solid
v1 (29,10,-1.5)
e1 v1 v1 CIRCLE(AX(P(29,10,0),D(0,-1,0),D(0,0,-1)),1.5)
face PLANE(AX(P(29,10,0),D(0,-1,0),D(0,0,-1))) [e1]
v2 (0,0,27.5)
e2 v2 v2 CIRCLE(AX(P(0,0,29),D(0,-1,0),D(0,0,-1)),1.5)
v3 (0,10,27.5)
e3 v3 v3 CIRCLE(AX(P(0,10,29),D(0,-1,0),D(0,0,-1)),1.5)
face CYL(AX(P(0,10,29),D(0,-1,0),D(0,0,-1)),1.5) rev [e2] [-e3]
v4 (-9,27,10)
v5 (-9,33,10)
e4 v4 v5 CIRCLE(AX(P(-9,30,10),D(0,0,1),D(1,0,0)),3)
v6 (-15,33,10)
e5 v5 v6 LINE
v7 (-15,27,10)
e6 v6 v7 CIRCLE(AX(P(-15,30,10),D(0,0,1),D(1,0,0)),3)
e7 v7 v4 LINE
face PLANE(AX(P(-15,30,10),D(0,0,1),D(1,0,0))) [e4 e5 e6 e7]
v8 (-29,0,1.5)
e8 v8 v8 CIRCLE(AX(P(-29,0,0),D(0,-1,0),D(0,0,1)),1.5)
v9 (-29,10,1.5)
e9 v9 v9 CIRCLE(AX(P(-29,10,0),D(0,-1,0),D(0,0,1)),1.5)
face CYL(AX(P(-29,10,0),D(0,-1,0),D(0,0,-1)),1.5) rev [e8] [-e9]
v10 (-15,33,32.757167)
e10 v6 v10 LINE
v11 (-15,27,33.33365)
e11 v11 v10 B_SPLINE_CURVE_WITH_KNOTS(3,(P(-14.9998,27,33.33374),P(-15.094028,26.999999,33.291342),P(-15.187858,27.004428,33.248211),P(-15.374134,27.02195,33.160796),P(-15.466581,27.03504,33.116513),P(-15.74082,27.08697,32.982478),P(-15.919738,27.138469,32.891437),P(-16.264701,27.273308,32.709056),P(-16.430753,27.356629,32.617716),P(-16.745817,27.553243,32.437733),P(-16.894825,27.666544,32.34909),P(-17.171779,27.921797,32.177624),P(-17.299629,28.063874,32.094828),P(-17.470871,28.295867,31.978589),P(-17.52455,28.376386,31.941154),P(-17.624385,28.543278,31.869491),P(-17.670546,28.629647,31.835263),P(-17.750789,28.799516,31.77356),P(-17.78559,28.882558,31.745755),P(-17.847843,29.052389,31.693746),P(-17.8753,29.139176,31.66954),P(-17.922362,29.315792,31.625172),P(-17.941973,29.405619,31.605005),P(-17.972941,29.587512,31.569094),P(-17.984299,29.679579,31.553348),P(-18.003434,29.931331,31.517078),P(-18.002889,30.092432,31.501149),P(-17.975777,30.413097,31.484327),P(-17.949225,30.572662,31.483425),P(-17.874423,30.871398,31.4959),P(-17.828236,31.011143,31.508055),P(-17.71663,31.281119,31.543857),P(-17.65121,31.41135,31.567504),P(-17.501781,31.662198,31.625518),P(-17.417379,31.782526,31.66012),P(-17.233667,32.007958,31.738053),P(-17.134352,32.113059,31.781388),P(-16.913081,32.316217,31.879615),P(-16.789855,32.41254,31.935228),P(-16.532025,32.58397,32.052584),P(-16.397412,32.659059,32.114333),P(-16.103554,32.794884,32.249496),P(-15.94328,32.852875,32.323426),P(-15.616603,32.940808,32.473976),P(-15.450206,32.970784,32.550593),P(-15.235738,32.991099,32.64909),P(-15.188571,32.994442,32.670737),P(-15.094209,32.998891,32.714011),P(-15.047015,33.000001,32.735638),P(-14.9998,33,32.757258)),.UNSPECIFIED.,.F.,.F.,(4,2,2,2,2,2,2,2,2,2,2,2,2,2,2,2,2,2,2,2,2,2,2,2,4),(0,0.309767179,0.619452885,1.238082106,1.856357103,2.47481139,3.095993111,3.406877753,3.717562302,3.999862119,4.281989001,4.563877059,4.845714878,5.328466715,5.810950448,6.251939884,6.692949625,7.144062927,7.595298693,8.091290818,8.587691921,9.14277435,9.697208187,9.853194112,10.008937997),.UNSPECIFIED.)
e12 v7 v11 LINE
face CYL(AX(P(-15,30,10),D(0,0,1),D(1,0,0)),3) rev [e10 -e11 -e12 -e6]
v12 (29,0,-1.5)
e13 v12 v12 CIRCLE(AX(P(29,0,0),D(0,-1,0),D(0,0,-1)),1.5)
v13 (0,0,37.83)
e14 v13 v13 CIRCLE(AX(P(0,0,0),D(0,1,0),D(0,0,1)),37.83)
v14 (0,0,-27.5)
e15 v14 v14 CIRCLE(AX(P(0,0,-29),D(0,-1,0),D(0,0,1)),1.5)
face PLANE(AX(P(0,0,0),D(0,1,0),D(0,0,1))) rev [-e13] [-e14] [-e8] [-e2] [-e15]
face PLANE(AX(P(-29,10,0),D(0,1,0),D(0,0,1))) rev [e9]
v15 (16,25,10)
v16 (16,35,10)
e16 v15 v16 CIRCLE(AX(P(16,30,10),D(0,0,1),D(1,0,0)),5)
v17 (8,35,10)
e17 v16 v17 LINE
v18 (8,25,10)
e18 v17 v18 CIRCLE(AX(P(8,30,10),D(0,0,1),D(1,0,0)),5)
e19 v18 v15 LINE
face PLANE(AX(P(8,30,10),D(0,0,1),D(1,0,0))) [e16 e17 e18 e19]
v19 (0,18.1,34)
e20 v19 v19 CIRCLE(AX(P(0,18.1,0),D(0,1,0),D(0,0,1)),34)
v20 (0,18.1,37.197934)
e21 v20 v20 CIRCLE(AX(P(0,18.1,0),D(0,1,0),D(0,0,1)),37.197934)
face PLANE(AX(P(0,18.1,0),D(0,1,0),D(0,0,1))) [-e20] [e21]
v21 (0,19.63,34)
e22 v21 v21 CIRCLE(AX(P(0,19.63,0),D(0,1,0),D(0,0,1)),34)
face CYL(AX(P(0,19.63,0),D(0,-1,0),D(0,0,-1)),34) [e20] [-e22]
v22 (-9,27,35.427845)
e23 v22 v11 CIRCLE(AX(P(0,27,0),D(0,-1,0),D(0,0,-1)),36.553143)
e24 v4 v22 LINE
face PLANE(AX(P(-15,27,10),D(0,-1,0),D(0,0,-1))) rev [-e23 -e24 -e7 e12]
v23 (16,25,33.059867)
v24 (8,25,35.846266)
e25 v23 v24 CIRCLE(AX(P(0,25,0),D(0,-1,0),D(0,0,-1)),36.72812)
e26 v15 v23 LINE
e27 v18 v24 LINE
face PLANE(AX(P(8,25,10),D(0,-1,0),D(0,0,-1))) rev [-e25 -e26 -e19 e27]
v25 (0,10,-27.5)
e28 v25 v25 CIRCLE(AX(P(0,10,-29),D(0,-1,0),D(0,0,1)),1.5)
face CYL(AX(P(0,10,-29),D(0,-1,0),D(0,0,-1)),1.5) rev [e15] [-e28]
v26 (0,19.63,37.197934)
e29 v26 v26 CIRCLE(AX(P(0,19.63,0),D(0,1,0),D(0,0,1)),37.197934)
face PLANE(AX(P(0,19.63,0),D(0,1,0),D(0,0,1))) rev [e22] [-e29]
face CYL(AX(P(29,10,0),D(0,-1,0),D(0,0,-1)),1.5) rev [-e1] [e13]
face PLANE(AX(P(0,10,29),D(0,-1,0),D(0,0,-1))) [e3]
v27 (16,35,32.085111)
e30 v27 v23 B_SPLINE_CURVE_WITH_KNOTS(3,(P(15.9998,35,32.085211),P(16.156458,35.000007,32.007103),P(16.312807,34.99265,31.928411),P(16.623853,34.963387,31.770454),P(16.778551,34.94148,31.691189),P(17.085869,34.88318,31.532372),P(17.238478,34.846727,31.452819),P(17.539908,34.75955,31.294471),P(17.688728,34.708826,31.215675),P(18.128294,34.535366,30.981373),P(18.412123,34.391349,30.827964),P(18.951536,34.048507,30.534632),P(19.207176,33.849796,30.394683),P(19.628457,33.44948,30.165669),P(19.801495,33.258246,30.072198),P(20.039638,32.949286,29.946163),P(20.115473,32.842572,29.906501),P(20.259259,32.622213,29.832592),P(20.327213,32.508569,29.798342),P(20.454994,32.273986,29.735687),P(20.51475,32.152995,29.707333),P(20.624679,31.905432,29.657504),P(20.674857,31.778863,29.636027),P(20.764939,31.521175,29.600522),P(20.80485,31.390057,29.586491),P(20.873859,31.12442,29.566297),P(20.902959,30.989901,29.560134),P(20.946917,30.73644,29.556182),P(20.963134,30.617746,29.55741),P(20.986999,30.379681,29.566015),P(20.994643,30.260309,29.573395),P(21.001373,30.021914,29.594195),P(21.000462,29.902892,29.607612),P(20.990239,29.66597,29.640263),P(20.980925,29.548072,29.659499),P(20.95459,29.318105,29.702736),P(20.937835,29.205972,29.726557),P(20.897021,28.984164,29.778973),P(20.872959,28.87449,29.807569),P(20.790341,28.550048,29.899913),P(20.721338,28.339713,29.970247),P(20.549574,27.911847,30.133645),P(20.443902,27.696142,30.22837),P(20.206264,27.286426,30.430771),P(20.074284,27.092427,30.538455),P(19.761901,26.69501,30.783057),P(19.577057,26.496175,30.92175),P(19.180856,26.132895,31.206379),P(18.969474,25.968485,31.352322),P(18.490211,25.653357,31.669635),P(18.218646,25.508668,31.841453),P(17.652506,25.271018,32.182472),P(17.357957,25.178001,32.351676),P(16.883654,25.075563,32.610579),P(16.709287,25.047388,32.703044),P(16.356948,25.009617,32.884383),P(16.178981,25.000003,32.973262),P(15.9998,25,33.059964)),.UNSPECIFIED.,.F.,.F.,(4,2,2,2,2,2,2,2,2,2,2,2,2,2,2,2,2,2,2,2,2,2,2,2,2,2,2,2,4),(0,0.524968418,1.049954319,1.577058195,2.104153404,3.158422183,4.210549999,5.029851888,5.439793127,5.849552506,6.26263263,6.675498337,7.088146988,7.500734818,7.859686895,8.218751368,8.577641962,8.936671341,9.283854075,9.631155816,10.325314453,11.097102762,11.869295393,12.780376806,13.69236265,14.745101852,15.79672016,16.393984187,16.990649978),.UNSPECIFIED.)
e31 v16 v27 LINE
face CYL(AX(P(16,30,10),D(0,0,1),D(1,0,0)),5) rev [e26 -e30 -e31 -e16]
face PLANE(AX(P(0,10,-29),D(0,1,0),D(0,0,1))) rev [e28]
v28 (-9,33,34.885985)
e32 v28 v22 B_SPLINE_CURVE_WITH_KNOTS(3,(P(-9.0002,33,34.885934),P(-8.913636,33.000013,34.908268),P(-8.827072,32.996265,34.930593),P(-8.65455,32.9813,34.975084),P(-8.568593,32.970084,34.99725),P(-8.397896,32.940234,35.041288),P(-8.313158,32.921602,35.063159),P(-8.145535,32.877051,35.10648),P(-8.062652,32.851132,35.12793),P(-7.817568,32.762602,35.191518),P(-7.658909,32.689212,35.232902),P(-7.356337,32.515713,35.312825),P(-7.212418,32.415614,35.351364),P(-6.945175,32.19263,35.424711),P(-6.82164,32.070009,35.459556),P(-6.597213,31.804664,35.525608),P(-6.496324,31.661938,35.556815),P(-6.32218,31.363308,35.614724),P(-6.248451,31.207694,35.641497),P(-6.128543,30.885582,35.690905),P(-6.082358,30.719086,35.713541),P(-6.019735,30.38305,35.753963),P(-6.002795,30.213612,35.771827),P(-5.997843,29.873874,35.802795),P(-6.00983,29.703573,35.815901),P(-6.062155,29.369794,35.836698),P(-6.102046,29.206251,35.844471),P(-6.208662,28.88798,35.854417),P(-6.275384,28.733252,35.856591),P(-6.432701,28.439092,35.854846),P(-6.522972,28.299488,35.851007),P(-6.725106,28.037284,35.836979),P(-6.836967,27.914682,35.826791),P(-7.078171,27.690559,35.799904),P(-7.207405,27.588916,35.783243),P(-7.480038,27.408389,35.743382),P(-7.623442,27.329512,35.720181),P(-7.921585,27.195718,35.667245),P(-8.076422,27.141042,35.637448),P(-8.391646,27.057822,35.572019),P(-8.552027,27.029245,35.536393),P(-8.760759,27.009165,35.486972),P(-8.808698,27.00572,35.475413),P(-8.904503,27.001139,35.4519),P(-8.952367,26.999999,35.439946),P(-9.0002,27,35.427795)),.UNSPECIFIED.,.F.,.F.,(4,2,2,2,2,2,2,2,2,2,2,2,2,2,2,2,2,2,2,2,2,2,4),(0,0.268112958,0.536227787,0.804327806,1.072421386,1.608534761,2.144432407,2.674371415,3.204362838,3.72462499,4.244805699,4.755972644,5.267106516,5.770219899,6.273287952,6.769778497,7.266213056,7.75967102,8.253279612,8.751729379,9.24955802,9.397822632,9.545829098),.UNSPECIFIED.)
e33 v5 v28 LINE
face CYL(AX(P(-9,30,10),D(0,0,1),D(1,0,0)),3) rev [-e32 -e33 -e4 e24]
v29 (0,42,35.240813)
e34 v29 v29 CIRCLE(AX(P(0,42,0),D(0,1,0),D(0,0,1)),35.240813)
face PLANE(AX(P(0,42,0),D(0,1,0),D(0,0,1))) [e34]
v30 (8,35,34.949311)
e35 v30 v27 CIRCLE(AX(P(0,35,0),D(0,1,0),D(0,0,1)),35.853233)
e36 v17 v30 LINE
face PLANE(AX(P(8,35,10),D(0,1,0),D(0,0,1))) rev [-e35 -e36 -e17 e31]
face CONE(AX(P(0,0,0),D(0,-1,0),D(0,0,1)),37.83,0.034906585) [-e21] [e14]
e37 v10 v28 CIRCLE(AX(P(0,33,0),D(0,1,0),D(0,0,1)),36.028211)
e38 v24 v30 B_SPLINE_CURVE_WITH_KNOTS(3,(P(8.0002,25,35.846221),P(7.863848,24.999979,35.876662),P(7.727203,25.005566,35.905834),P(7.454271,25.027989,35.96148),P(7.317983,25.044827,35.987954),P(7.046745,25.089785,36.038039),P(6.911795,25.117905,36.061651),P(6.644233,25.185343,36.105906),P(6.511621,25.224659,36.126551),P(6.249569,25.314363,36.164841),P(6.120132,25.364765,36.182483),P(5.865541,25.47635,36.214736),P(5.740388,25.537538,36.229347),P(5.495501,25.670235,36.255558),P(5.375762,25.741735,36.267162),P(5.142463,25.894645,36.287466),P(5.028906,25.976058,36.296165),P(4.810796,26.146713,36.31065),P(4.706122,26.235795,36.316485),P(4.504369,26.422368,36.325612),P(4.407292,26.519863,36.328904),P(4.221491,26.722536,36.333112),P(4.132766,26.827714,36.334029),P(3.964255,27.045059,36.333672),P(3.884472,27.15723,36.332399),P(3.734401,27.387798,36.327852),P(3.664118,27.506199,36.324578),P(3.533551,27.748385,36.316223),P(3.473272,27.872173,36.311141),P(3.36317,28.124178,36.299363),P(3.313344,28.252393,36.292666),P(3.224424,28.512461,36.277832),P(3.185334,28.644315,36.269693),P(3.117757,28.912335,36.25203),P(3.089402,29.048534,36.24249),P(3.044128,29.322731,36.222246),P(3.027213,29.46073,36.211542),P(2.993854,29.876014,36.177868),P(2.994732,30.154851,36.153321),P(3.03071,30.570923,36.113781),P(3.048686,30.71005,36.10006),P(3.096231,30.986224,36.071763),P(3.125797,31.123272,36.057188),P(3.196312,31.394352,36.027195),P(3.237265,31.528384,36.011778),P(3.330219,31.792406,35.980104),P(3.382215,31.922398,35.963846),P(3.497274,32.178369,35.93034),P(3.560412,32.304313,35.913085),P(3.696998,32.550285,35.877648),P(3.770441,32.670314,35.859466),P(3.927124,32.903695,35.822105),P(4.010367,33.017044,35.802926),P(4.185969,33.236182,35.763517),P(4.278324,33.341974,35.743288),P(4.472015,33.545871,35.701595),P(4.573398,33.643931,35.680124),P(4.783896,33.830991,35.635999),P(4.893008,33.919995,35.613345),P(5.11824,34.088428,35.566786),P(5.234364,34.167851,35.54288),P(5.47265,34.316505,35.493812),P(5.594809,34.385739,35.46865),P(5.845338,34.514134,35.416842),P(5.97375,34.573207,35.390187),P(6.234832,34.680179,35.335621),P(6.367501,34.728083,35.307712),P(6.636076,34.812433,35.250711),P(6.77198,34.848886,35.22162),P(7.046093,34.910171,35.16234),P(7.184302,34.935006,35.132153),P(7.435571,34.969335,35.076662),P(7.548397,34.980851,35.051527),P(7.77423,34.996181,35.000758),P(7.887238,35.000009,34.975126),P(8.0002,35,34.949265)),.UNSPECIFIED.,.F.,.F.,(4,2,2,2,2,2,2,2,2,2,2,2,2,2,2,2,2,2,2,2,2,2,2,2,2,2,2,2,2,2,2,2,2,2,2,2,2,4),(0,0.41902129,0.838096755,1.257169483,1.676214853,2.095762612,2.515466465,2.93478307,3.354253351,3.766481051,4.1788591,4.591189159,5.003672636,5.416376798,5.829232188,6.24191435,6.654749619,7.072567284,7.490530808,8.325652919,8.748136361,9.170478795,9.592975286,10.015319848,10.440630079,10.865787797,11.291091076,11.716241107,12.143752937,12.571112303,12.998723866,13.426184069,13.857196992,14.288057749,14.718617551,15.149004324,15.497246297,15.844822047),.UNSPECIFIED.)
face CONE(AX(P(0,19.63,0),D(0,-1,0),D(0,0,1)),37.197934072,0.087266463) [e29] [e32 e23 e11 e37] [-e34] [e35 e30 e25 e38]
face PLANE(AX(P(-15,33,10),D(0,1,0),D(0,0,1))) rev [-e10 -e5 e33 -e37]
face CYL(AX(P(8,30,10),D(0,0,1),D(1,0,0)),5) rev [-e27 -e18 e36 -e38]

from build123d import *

# Parameters (mm, degrees)
SKETCH_1_R          = 37.83
EXTRUDE_1_DEPTH     = 18.1
DRAFT_1_ANGLE       = -2
SKETCH_3_R          = 34
EXTRUDE_2_DEPTH     = 1.53
SKETCH_4_R          = 37.197934072
EXTRUDE_3_DEPTH     = 22.37
DRAFT_2_ANGLE       = -5
SKETCH_5_R          = 1.5
CUT_EXTRUDE_1_DEPTH = 10
CUT_EXTRUDE_2_DEPTH = 30


with BuildPart() as part:
    # 草图1 → 凸台-拉伸1 (new body)
    with BuildSketch(Plane(origin=(0, 0, 0), x_dir=(1, 0, 0), z_dir=(0, 1, 0))):
        with Locations(Location((0, 0, 0), (0, 0, 90))):
            Circle(SKETCH_1_R)
    extrude(amount=EXTRUDE_1_DEPTH)

    # 拔模1
    draft_1_faces = [part.faces().sort_by_distance(p)[0] for p in [
        (0, 9.05, 37.83),
    ]]
    draft(draft_1_faces, Plane(origin=(0, 0, 0), x_dir=(0, 0, -1), z_dir=(0, -1, 0)), DRAFT_1_ANGLE)

    # 草图3 → 凸台-拉伸2 (add)
    with BuildSketch(Plane(origin=(0, 18.1, 0), x_dir=(1, 0, 0), z_dir=(0, 1, 0))):
        with Locations(Location((0, 0, 0), (0, 0, 270))):
            Circle(SKETCH_3_R)
    extrude(amount=EXTRUDE_2_DEPTH)

    # 草图4 → 凸台-拉伸3 (add)
    with BuildSketch(Plane(origin=(0, 19.63, 0), x_dir=(1, 0, 0), z_dir=(0, 1, 0))):
        with Locations(Location((0, 0, 0), (0, 0, 270))):
            Circle(SKETCH_4_R)
    extrude(amount=EXTRUDE_3_DEPTH)

    # 拔模2
    draft_2_faces = [part.faces().sort_by_distance(p)[0] for p in [
        (0, 30.815, -37.197934072),
    ]]
    draft(draft_2_faces, Plane(origin=(0, 19.63, 0), x_dir=(0, 0, -1), z_dir=(0, -1, 0)), DRAFT_2_ANGLE)

    # 草图5 → 切除-拉伸1 (cut)
    with BuildSketch(Plane.XZ):
        with Locations(Location((29, 0, 0), (0, 0, 270))):
            Circle(SKETCH_5_R)
        with Locations(Location((-29, 0, 0), (0, 0, 90))):
            Circle(SKETCH_5_R)
        with Locations(Location((0, 29, 0), (0, 0, 270))):
            Circle(SKETCH_5_R)
        with Locations(Location((0, -29, 0), (0, 0, 90))):
            Circle(SKETCH_5_R)
    extrude(amount=-CUT_EXTRUDE_1_DEPTH, mode=Mode.SUBTRACT)

    # 草图6 → 切除-拉伸2 (cut)
    with BuildSketch(Plane.XY.offset(40)):
        with BuildLine():
            Line((8, 35), (16, 35))
            ThreePointArc((16, 35), (21, 30), (16, 25))
            Line((16, 25), (8, 25))
            ThreePointArc((8, 25), (3, 30), (8, 35))
        make_face()
        with BuildLine():
            Line((-15, 33), (-9, 33))
            ThreePointArc((-9, 33), (-6, 30), (-9, 27))
            Line((-9, 27), (-15, 27))
            ThreePointArc((-15, 27), (-18, 30), (-15, 33))
        make_face()
    extrude(amount=-CUT_EXTRUDE_2_DEPTH, mode=Mode.SUBTRACT)


solid = part.part
